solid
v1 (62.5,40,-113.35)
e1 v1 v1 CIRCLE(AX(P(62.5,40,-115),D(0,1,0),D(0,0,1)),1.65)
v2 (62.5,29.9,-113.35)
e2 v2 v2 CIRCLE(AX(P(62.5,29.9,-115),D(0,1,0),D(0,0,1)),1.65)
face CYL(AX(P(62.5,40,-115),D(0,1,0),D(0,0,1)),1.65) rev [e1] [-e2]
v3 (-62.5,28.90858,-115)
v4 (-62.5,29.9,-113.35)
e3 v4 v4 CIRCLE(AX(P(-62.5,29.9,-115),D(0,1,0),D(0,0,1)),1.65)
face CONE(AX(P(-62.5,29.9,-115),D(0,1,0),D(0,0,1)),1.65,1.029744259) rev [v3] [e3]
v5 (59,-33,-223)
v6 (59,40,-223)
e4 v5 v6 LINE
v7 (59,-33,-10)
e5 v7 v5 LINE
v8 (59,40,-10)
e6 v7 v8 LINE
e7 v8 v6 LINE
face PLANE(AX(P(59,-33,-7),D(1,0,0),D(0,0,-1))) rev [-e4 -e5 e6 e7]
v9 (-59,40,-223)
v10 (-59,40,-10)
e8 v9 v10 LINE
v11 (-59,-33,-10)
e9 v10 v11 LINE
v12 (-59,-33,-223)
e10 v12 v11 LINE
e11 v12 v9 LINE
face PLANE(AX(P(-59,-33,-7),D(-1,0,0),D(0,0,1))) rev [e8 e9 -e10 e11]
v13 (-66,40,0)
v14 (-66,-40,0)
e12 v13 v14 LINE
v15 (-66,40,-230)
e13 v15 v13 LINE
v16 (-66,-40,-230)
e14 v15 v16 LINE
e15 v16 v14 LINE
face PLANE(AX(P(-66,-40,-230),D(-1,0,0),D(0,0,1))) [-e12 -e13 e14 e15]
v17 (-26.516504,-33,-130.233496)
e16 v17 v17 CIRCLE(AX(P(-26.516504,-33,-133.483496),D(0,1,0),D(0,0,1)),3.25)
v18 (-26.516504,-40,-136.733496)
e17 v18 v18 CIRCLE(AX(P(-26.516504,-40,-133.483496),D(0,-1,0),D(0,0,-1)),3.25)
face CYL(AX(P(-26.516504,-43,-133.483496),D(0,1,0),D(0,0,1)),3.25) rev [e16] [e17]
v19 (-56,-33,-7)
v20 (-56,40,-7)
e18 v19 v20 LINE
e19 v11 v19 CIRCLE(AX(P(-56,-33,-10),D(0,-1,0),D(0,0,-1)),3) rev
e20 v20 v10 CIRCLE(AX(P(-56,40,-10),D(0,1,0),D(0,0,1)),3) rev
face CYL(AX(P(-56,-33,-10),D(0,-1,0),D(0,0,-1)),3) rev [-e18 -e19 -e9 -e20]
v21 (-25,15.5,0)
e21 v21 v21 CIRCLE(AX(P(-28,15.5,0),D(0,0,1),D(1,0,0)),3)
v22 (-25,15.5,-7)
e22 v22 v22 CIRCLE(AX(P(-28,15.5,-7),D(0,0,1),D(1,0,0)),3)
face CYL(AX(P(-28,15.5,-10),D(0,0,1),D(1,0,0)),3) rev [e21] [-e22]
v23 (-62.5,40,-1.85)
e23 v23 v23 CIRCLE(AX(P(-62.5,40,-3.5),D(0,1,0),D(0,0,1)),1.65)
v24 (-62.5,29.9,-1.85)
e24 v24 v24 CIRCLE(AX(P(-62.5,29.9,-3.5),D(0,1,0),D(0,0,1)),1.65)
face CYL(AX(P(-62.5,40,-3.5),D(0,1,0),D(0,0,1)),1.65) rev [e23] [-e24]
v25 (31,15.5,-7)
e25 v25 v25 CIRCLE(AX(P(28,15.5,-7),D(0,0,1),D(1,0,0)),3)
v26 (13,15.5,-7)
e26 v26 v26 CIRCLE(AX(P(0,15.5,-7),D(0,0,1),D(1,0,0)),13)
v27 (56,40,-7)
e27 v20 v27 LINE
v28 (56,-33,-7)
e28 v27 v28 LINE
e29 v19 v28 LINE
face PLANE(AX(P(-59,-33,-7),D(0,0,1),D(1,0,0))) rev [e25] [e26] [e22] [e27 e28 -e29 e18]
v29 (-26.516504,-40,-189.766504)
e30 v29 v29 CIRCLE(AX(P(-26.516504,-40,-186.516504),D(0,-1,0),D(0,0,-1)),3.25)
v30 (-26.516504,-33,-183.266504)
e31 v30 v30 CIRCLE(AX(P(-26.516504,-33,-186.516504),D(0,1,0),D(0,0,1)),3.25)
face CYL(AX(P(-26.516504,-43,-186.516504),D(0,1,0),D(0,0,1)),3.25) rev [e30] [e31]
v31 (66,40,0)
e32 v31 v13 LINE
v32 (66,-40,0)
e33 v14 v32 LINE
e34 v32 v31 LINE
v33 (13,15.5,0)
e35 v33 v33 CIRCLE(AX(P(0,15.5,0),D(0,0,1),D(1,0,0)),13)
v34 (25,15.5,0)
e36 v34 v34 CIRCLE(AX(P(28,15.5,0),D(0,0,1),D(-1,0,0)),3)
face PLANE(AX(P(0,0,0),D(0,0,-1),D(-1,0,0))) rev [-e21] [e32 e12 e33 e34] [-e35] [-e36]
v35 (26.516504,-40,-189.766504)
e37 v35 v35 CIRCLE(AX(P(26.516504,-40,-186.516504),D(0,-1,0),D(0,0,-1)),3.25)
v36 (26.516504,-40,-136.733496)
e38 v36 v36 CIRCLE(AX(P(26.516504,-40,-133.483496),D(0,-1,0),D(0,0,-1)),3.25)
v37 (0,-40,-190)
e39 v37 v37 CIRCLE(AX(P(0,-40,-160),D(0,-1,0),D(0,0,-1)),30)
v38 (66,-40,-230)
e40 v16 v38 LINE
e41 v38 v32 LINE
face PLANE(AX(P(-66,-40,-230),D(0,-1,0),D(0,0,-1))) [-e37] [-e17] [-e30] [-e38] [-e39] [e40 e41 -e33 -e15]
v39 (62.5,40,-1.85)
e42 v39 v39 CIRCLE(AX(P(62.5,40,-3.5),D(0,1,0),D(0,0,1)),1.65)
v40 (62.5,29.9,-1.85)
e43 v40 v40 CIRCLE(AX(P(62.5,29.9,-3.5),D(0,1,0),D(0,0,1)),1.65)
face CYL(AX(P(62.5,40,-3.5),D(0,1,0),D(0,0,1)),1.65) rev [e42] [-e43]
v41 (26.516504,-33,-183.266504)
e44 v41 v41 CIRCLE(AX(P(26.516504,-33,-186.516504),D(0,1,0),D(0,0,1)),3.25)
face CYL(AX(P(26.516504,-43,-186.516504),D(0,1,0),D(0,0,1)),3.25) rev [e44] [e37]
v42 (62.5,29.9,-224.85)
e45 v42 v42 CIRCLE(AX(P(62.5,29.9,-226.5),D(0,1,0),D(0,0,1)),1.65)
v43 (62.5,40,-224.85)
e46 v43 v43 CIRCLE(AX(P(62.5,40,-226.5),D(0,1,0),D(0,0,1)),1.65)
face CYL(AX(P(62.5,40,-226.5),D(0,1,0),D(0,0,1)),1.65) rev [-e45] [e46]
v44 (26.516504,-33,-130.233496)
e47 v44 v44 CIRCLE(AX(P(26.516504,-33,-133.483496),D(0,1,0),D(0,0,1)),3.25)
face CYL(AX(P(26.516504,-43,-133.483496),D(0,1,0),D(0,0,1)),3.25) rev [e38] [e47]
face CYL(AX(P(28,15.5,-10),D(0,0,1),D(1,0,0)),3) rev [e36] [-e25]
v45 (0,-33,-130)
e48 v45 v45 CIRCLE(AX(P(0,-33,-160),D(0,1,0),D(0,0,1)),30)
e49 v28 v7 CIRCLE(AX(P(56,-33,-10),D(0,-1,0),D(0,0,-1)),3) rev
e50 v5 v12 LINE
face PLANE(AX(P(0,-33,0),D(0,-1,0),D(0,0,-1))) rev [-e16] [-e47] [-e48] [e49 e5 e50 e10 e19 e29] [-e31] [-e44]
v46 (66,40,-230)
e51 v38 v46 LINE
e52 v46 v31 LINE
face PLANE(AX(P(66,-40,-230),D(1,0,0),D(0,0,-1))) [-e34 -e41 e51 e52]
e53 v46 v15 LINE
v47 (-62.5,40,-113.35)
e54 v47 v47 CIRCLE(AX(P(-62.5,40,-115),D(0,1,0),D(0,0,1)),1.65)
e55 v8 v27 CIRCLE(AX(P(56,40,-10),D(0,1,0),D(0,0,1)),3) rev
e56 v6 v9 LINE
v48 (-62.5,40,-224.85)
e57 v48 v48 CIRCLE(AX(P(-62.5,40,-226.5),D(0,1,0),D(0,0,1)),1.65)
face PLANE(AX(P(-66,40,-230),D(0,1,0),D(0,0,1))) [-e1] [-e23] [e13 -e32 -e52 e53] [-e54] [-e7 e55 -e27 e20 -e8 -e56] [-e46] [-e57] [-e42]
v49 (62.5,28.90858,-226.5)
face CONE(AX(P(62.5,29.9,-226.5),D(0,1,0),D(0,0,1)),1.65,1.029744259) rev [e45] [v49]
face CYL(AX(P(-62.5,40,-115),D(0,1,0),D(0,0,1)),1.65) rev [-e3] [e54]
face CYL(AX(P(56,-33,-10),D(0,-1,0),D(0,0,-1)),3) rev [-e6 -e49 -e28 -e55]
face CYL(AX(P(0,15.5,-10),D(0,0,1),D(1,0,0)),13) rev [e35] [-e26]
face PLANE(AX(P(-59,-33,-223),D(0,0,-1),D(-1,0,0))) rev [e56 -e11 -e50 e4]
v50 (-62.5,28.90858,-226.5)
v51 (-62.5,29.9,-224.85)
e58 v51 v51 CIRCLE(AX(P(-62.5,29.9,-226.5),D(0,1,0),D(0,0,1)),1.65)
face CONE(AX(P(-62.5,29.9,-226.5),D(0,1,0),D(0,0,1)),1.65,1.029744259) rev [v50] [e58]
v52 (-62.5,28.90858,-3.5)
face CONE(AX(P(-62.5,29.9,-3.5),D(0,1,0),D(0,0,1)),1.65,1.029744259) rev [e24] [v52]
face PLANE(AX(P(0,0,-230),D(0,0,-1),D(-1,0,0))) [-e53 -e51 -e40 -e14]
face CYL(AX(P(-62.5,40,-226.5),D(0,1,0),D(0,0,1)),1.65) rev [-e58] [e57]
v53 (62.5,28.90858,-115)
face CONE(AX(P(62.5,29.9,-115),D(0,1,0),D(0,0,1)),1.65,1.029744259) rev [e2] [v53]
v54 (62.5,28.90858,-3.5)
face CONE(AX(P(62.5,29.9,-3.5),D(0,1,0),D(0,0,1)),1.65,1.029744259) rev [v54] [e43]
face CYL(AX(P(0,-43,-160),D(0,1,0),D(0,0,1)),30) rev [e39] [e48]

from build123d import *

# Parameters (mm, degrees)
SKETCH_1_W             = 132
SKETCH_1_H             = 80
EXTRUDE_1_DEPTH        = 230
SKETCH_2_W             = 118
SKETCH_2_H             = 216
CUT_EXTRUDE_1_DEPTH    = 73
SKETCH_3_R             = 13
SKETCH_3_R_2           = 3
CUT_EXTRUDE_2_DEPTH    = 10
SKETCH_4_R             = 3.25
SKETCH_4_R_2           = 30
CUT_EXTRUDE_3_DEPTH    = 10
FILLET_1_R             = 3
HOLE_WIZARD_M4_1_D     = 3.3
HOLE_WIZARD_M4_1_DEPTH = 10.1
HOLE_WIZARD_M4_1_TIP   = 0.991420021


with BuildPart() as part:
    # 草图1 → 凸台-拉伸1 (new body)
    with BuildSketch(Plane.XY):
        Rectangle(SKETCH_1_W, SKETCH_1_H)
    extrude(amount=-EXTRUDE_1_DEPTH)

    # 草图2 → 切除-拉伸1 (cut)
    with BuildSketch(Plane(origin=(0, 40, 0), x_dir=(1, 0, 0), z_dir=(0, 1, 0))):
        with Locations((0, 115)):
            Rectangle(SKETCH_2_W, SKETCH_2_H)
    extrude(amount=-CUT_EXTRUDE_1_DEPTH, mode=Mode.SUBTRACT)

    # 草图3 → 切除-拉伸2 (cut)
    with BuildSketch(Plane.XY):
        with Locations((0, 15.5)):
            Circle(SKETCH_3_R)
        with Locations((-28, 15.5)):
            Circle(SKETCH_3_R_2)
        with Locations((28, 15.5)):
            Circle(SKETCH_3_R_2)
    extrude(amount=-CUT_EXTRUDE_2_DEPTH, mode=Mode.SUBTRACT)

    # 草图4 → 切除-拉伸3 (cut)
    with BuildSketch(Plane(origin=(0, -33, 0), x_dir=(1, 0, 0), z_dir=(0, 1, 0))):
        with Locations((26.516504294, 186.516504294)):
            Circle(SKETCH_4_R)
        with Locations((26.516504294, 133.483495706)):
            Circle(SKETCH_4_R)
        with Locations((-26.516504294, 133.483495706)):
            Circle(SKETCH_4_R)
        with Locations((-26.516504294, 186.516504294)):
            Circle(SKETCH_4_R)
        with Locations((0, 160)):
            Circle(SKETCH_4_R_2)
    extrude(amount=-CUT_EXTRUDE_3_DEPTH, mode=Mode.SUBTRACT)

    # 圆角1
    fillet_1_edges = [part.edges().sort_by_distance(p)[0] for p in [
        (-59, 3.5, -7),
        (59, 3.5, -7),
    ]]
    fillet(fillet_1_edges, radius=FILLET_1_R)

    # M4 螺纹孔1
    with Locations(Plane(origin=(-62.5, 40, -226.5), x_dir=(0, 0, 1), z_dir=(0, 1, 0))):
        with Locations((0, 0), (111.5, 0), (111.5, 125), (0, 125), (223, 125), (223, 0)):
            Hole(HOLE_WIZARD_M4_1_D / 2, depth=HOLE_WIZARD_M4_1_DEPTH)
            with Locations((0, 0, -(HOLE_WIZARD_M4_1_DEPTH + HOLE_WIZARD_M4_1_TIP / 2))):  # 118° drill point
                Cone(0, HOLE_WIZARD_M4_1_D / 2, HOLE_WIZARD_M4_1_TIP, mode=Mode.SUBTRACT)


solid = part.part
